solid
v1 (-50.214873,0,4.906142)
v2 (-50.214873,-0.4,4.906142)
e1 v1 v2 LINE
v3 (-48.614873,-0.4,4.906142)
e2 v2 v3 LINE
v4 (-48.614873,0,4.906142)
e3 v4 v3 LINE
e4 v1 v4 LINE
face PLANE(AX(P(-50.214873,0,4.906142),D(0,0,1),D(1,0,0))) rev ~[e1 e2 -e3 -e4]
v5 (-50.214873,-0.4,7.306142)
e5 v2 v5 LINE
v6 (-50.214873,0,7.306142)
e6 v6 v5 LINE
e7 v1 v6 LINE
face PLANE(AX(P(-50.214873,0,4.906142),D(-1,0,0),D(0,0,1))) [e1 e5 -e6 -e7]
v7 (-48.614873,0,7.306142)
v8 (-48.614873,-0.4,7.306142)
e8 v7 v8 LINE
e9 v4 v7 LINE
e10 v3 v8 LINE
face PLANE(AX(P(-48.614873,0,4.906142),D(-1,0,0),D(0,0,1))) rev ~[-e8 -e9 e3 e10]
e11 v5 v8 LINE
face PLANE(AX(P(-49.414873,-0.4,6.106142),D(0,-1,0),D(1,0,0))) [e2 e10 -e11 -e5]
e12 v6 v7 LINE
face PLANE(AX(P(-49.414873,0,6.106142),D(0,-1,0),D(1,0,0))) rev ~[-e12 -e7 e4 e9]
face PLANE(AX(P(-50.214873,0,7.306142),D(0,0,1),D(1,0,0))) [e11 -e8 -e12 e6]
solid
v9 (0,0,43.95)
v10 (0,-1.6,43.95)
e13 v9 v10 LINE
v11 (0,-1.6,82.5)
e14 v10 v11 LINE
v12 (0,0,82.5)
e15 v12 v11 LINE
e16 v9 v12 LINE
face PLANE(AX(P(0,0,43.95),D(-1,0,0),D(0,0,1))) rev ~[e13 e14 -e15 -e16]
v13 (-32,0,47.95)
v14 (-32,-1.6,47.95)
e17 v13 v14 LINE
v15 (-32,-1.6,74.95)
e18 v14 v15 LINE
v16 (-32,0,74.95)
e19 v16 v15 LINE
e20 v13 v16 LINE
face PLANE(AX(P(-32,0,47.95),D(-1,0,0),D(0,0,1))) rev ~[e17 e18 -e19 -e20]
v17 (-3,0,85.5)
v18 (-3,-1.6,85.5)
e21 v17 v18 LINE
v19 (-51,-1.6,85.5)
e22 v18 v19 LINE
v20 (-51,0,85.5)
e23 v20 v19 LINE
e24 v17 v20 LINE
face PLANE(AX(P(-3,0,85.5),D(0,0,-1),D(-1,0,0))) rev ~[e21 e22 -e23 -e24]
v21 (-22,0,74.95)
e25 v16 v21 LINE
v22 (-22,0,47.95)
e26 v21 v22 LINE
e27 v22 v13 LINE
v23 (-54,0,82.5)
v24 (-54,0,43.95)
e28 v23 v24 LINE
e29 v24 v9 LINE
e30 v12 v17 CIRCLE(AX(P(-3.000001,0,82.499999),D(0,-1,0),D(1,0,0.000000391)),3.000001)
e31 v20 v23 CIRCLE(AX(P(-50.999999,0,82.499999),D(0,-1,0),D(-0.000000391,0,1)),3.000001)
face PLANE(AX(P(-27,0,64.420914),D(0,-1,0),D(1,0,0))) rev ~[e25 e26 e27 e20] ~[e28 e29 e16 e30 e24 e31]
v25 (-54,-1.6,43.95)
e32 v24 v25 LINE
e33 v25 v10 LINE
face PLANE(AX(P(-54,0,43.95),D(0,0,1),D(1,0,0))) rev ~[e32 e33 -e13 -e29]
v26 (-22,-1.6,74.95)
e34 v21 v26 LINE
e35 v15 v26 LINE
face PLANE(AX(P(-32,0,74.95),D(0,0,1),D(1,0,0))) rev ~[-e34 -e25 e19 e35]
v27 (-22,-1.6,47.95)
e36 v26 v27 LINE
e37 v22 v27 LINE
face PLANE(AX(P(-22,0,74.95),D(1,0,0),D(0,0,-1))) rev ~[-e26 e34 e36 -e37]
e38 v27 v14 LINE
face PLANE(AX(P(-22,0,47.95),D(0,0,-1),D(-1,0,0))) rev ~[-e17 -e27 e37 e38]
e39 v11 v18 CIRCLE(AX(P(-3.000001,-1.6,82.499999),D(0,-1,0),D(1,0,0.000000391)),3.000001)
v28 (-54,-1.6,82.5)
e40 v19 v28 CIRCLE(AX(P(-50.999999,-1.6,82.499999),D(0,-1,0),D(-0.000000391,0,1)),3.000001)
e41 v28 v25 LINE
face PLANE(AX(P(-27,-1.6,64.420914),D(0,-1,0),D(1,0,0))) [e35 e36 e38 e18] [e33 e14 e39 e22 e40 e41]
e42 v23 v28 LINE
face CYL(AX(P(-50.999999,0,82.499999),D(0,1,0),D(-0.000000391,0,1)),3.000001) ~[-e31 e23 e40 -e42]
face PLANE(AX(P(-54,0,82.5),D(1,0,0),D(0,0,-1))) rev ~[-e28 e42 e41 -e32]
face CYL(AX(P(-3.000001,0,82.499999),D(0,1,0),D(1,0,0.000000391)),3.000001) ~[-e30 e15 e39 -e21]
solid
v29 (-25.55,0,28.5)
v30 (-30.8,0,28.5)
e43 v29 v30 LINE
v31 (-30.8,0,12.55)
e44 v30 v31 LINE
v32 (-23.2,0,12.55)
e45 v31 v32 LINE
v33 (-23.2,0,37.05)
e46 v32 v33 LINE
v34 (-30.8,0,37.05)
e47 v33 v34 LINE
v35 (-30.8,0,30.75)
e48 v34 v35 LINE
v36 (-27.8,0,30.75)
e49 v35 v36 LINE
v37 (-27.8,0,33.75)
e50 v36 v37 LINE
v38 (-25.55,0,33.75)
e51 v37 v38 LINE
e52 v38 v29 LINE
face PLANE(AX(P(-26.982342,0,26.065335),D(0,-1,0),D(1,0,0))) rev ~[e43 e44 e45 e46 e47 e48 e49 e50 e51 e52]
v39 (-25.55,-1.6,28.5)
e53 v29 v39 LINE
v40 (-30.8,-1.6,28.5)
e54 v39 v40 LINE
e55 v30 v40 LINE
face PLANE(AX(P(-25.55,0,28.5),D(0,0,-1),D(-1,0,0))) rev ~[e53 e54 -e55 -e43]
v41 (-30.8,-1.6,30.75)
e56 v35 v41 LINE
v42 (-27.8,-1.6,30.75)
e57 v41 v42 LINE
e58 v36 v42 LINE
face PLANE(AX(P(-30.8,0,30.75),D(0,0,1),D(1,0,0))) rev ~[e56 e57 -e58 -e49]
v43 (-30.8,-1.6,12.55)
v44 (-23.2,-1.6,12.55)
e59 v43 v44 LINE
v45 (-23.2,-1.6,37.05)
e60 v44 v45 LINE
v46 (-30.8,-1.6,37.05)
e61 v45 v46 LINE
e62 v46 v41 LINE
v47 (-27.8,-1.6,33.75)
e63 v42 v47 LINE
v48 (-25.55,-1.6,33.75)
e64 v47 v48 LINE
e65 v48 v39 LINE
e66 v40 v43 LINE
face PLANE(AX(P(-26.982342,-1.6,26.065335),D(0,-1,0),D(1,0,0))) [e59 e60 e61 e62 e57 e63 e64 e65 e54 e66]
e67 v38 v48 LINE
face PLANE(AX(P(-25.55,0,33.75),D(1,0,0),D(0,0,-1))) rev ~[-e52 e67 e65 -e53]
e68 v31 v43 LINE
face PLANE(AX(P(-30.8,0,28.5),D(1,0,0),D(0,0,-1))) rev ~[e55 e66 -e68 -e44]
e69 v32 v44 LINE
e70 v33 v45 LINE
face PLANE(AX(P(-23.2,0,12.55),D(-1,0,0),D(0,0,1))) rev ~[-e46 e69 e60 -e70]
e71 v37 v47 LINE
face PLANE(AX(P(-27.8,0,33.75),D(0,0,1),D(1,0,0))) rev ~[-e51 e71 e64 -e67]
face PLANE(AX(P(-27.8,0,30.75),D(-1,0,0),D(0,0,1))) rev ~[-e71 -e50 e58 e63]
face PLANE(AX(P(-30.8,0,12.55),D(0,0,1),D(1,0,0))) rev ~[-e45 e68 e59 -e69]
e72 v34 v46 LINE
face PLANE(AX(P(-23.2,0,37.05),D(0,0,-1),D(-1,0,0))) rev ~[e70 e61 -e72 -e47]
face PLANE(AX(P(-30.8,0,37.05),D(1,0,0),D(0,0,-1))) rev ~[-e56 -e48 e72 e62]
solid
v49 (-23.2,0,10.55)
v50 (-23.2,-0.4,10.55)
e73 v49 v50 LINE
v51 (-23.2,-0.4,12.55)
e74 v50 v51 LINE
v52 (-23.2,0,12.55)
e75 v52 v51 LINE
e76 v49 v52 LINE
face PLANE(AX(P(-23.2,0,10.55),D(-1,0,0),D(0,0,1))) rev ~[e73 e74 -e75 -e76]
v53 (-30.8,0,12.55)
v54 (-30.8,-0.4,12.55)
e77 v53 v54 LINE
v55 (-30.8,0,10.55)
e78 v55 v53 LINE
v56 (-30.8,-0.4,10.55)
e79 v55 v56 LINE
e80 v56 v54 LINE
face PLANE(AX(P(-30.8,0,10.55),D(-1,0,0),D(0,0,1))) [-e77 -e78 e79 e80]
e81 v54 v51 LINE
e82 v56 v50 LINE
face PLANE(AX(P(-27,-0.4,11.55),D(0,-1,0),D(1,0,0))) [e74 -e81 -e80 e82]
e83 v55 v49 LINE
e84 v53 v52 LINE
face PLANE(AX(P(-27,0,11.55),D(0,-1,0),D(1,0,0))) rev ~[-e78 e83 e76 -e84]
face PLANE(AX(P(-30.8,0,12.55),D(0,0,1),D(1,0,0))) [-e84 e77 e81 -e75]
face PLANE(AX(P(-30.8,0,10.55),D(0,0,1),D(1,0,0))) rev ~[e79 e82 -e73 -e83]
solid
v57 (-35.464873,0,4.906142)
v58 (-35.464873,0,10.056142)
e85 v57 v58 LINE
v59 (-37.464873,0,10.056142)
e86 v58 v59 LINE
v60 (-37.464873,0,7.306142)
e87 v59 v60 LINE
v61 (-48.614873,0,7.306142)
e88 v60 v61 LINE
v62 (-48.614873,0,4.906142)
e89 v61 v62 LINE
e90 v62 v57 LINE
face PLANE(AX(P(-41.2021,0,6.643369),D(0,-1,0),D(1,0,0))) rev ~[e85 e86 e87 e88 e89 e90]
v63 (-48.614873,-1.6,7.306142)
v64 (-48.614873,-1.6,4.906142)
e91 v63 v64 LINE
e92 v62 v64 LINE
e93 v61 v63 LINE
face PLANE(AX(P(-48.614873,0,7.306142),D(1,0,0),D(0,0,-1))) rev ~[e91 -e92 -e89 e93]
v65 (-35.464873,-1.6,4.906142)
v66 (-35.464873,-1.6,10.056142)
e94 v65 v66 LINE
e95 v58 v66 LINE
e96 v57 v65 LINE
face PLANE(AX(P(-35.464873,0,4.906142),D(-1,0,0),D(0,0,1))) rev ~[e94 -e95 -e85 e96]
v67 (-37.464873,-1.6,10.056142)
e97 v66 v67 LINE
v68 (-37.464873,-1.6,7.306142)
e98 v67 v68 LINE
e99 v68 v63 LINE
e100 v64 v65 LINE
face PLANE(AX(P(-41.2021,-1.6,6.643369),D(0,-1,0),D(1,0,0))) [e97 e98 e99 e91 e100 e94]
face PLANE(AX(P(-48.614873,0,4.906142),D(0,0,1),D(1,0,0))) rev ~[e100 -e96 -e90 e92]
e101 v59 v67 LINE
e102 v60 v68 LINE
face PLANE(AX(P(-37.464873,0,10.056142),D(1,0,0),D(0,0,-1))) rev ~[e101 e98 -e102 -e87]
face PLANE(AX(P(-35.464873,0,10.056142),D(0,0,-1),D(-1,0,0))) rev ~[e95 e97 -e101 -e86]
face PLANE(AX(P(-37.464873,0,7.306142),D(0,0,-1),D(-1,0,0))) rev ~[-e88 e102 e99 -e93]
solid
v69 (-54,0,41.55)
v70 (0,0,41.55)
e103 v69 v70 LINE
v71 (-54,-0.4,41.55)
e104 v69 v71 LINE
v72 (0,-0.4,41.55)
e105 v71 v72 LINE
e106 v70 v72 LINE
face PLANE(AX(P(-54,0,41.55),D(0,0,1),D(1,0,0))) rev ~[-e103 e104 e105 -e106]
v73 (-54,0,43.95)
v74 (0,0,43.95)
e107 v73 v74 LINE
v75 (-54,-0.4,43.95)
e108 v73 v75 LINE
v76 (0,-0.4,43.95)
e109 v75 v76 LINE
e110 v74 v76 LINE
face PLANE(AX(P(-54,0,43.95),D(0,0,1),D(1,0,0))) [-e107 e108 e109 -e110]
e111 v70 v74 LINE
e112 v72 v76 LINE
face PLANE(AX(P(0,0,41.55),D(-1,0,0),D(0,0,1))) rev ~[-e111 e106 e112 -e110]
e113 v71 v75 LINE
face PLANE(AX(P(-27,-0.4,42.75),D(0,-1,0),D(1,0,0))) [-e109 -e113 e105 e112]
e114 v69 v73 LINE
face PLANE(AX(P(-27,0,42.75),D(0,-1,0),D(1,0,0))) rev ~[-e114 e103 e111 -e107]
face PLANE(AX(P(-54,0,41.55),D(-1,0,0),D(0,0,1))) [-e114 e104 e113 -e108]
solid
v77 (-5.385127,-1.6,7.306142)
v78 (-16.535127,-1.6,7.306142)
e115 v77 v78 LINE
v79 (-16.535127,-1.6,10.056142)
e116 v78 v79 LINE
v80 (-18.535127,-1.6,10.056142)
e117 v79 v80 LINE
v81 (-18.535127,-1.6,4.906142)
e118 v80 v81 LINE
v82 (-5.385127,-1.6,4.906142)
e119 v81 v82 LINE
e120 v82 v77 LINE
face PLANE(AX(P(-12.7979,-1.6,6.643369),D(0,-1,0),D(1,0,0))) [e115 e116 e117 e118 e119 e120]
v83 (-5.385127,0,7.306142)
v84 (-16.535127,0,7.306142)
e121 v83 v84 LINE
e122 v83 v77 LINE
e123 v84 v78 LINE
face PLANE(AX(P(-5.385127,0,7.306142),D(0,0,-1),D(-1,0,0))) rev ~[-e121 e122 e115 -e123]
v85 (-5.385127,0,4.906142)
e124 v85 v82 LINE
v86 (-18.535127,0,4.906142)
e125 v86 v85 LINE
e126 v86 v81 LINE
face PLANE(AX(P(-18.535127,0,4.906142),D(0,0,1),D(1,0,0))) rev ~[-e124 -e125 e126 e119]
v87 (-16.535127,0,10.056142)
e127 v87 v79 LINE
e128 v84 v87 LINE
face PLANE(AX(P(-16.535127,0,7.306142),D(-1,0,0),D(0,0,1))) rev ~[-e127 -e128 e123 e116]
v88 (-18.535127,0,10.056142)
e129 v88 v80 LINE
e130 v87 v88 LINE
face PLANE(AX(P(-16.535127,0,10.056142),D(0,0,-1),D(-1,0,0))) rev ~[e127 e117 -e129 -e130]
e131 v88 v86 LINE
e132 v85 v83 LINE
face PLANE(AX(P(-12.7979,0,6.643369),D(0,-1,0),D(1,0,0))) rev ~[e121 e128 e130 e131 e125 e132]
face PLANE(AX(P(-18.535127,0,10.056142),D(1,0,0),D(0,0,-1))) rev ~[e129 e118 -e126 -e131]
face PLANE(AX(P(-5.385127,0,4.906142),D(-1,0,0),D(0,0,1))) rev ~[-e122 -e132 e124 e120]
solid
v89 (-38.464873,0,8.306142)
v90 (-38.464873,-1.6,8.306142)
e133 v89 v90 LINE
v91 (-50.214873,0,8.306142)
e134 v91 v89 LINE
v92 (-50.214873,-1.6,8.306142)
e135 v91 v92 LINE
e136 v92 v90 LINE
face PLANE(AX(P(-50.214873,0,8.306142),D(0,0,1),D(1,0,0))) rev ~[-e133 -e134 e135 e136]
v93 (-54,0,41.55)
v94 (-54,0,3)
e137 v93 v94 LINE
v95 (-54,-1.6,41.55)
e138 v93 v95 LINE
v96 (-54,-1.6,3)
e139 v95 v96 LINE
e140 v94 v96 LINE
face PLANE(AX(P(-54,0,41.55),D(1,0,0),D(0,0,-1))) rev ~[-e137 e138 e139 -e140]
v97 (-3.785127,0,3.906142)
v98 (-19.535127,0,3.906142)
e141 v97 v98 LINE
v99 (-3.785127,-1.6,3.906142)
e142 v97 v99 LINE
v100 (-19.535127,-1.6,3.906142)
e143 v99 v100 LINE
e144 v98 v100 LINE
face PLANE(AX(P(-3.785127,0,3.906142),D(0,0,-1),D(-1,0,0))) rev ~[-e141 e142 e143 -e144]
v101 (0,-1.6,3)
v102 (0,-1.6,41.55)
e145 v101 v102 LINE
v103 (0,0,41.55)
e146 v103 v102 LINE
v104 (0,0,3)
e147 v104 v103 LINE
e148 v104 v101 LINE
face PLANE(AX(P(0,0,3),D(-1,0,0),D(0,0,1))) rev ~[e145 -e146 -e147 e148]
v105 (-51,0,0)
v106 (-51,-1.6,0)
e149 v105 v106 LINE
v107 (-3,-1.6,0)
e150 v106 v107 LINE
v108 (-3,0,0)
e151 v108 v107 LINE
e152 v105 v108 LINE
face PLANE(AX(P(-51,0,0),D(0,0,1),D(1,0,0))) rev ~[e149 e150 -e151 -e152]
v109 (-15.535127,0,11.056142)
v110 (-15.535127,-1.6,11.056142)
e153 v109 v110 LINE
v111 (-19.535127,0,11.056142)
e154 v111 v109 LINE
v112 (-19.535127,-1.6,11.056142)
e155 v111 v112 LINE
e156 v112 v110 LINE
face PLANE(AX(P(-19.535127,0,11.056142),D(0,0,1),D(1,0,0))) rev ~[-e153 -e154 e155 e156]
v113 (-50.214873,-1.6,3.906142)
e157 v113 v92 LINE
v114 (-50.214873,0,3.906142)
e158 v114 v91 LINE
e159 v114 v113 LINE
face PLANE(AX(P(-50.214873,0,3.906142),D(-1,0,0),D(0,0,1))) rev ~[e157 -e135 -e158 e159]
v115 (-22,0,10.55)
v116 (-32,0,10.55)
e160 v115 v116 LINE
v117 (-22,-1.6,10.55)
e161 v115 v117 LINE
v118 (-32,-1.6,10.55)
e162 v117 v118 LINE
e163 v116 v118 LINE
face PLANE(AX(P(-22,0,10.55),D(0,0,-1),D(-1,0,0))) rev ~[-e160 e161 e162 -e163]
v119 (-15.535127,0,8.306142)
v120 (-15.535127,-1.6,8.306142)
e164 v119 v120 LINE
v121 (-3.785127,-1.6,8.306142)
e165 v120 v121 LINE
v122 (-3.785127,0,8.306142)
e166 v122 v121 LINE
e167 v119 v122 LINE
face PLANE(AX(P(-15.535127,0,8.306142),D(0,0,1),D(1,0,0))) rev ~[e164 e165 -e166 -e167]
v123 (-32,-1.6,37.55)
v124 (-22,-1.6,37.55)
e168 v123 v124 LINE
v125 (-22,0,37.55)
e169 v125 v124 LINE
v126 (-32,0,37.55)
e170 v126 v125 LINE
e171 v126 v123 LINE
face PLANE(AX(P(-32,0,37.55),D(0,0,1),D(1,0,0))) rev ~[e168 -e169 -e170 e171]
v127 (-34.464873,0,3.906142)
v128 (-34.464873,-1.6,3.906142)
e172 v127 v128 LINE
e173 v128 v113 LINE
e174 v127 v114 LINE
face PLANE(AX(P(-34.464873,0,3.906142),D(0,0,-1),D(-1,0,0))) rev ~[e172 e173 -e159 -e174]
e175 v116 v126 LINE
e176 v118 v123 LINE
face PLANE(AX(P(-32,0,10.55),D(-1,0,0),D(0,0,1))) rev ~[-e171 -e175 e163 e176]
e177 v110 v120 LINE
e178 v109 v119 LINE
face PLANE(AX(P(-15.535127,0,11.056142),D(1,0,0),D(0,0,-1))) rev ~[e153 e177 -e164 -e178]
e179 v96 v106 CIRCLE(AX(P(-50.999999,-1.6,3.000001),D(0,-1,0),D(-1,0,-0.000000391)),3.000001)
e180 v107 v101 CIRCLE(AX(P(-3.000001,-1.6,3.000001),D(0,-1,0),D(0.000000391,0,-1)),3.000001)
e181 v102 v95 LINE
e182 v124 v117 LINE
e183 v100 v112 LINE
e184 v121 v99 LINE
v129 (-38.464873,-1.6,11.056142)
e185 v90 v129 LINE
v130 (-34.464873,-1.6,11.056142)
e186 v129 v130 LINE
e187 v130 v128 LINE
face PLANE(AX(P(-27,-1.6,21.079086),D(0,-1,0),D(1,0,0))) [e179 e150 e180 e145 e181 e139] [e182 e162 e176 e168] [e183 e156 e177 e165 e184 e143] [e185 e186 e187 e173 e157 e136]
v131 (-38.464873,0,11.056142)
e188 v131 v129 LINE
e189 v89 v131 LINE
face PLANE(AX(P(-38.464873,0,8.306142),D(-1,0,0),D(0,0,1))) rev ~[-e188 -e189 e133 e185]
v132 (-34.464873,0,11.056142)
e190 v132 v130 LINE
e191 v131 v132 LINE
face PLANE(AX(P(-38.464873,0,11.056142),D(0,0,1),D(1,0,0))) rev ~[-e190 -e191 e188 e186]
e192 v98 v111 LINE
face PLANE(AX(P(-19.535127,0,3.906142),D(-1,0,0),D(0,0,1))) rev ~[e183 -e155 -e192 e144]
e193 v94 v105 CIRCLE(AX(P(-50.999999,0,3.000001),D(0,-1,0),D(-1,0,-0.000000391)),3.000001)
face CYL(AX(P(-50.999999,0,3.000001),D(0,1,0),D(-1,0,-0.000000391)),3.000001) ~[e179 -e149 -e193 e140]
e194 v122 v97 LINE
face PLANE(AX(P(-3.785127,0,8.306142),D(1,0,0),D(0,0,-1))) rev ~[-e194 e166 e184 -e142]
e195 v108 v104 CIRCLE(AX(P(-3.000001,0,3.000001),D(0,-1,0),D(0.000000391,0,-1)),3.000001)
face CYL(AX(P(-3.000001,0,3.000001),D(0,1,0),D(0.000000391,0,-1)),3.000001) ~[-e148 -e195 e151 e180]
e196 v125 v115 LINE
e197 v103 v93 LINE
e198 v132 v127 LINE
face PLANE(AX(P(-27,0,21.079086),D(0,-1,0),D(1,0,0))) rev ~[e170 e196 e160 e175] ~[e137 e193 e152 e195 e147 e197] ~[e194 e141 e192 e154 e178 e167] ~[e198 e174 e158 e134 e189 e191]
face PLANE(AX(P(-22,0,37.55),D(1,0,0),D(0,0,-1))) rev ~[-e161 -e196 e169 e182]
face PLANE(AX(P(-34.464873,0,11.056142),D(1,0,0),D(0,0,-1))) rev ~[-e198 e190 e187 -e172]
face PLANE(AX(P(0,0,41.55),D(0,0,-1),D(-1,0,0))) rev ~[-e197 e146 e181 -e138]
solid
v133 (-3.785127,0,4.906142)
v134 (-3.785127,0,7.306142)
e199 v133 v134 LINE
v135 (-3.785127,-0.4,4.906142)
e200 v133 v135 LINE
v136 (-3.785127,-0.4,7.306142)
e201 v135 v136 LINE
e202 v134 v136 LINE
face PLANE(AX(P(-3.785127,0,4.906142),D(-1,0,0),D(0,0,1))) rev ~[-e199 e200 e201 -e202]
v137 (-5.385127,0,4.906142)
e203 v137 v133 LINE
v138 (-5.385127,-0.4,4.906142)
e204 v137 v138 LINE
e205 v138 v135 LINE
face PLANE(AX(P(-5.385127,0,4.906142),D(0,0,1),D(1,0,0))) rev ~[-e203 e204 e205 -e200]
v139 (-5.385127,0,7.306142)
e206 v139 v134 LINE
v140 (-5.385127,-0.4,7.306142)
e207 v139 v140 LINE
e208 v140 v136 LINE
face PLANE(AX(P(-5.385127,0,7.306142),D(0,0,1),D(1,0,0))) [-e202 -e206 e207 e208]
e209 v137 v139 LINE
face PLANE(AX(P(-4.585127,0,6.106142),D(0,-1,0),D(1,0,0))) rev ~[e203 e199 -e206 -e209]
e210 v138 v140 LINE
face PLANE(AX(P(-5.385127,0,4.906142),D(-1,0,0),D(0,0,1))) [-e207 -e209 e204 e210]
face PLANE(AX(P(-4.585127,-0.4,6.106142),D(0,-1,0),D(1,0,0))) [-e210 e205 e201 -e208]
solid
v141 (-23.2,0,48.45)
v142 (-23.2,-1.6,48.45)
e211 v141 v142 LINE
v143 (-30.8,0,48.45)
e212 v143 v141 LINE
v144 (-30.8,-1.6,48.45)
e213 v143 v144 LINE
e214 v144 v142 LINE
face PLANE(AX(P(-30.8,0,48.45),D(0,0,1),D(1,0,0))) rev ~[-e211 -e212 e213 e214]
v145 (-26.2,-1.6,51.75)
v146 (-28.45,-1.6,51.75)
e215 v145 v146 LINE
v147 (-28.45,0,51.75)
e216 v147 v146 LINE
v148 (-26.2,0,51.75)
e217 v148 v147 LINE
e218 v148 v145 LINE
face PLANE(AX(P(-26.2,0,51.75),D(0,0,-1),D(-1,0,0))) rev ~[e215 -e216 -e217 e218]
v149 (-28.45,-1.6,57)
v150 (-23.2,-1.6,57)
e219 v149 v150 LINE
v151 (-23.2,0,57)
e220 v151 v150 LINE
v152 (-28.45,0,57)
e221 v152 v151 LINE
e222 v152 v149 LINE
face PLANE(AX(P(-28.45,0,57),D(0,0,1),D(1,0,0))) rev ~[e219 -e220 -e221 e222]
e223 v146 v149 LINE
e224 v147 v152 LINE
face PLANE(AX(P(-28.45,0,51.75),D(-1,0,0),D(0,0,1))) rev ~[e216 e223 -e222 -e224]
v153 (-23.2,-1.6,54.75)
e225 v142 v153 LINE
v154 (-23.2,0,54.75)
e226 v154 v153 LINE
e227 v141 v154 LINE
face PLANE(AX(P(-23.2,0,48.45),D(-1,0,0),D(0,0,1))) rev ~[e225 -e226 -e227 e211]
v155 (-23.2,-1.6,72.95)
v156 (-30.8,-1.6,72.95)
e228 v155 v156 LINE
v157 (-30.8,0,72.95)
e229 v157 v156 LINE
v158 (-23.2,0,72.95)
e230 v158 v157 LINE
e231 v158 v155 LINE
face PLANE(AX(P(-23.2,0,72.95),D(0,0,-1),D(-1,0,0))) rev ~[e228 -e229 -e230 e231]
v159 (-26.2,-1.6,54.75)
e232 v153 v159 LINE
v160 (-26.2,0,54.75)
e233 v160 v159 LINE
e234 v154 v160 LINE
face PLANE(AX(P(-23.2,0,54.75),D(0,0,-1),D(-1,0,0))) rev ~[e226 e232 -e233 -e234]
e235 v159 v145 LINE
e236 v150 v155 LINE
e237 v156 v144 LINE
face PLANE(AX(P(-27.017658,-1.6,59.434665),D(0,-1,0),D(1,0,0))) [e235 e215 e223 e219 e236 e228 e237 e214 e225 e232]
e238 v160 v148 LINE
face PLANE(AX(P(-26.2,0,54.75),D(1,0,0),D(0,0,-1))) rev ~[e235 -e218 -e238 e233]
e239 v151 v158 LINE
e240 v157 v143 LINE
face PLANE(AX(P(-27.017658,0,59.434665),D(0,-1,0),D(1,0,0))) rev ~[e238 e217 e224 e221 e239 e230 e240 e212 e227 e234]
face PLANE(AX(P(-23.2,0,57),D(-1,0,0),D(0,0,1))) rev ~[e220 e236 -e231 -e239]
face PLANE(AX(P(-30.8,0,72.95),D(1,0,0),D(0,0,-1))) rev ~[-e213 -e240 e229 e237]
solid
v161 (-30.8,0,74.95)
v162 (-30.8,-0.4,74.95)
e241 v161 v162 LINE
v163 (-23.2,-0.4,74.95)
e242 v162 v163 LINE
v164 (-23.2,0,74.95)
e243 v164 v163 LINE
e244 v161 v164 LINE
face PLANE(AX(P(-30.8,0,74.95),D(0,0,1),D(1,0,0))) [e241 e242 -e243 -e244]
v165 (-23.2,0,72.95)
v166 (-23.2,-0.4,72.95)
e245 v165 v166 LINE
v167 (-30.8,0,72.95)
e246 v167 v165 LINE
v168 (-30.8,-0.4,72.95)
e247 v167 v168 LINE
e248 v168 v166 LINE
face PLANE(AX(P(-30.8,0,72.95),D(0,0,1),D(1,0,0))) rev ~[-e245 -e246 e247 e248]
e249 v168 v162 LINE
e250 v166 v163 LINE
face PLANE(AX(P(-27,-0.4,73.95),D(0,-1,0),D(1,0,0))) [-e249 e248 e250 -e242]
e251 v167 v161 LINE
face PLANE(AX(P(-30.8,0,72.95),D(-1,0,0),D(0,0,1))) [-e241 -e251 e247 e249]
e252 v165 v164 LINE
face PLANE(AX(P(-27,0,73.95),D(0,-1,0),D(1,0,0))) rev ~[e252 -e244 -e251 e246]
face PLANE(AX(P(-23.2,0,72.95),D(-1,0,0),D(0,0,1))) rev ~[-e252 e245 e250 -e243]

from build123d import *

# Parameters (mm, degrees)
F0_W     = 54
F0_H     = 2.4
F0_W_2   = 7.6
F0_H_2   = 2
F0_W_3   = 1.6
F1_DEPTH = 0.4
F2_DEPTH = 1.6


with BuildPart() as f1:
    # F0 (on Front) → F1 (new body)
    with BuildSketch(Plane.XZ):
        with Locations((-27, 42.75)):
            Rectangle(F0_W, F0_H)
        with Locations((-27, 73.95)):
            Rectangle(F0_W_2, F0_H_2)
        with Locations((-27, 11.55)):
            Rectangle(F0_W_2, F0_H_2)
        with Locations((-4.585127, 6.106142)):
            Rectangle(F0_W_3, F0_H)
        with Locations((-49.414873, 6.106142)):
            Rectangle(F0_W_3, F0_H)
    extrude(amount=F1_DEPTH)


with BuildPart() as f2:
    # F0 (on Front) → F2 (new body)
    with BuildSketch(Plane.XZ):
        with BuildLine():
            Line((-54, 43.95), (0, 43.95))
            Line((0, 43.95), (0, 82.5))
            ThreePointArc((0, 82.5), (-0.87868, 84.62132), (-3, 85.5))
            Line((-3, 85.5), (-51, 85.5))
            ThreePointArc((-51, 85.5), (-53.12132, 84.62132), (-54, 82.5))
            Line((-54, 82.5), (-54, 43.95))
        make_face()
        Polygon((-32, 47.95), (-32, 74.95), (-30.8, 74.95), (-23.2, 74.95), (-22, 74.95), (-22, 47.95), align=None, mode=Mode.SUBTRACT)
        Polygon((-23.2, 72.95), (-30.8, 72.95), (-30.8, 48.45), (-23.2, 48.45), (-23.2, 54.75), (-26.2, 54.75), (-26.2, 51.75), (-28.45, 51.75), (-28.45, 57), (-23.2, 57), align=None)
        with BuildLine():
            Line((-51, 0), (-3, 0))
            ThreePointArc((-3, 0), (-0.87868, 0.87868), (0, 3))
            Line((0, 3), (0, 41.55))
            Line((0, 41.55), (-54, 41.55))
            Line((-54, 41.55), (-54, 3))
            ThreePointArc((-54, 3), (-53.12132, 0.87868), (-51, 0))
        make_face()
        Polygon((-50.214873, 7.306142), (-50.214873, 8.306142), (-48.614873, 8.306142), (-38.464873, 8.306142), (-38.464873, 11.056142), (-34.464873, 11.056142), (-34.464873, 3.906142), (-50.214873, 3.906142), (-50.214873, 4.906142), align=None, mode=Mode.SUBTRACT)
        Polygon((-15.535127, 11.056142), (-15.535127, 8.306142), (-5.385127, 8.306142), (-3.785127, 8.306142), (-3.785127, 7.306142), (-3.785127, 4.906142), (-3.785127, 3.906142), (-19.535127, 3.906142), (-19.535127, 11.056142), align=None, mode=Mode.SUBTRACT)
        Polygon((-32, 10.55), (-32, 37.55), (-22, 37.55), (-22, 10.55), (-23.2, 10.55), (-30.8, 10.55), align=None, mode=Mode.SUBTRACT)
        Polygon((-30.8, 28.5), (-30.8, 12.55), (-23.2, 12.55), (-23.2, 37.05), (-30.8, 37.05), (-30.8, 30.75), (-27.8, 30.75), (-27.8, 33.75), (-25.55, 33.75), (-25.55, 28.5), align=None)
        Polygon((-37.464873, 7.306142), (-48.614873, 7.306142), (-48.614873, 4.906142), (-35.464873, 4.906142), (-35.464873, 10.056142), (-37.464873, 10.056142), align=None)
        Polygon((-5.385127, 4.906142), (-5.385127, 7.306142), (-16.535127, 7.306142), (-16.535127, 10.056142), (-18.535127, 10.056142), (-18.535127, 4.906142), align=None)
    extrude(amount=F2_DEPTH)


solid = Compound([f1.part, f2.part])
